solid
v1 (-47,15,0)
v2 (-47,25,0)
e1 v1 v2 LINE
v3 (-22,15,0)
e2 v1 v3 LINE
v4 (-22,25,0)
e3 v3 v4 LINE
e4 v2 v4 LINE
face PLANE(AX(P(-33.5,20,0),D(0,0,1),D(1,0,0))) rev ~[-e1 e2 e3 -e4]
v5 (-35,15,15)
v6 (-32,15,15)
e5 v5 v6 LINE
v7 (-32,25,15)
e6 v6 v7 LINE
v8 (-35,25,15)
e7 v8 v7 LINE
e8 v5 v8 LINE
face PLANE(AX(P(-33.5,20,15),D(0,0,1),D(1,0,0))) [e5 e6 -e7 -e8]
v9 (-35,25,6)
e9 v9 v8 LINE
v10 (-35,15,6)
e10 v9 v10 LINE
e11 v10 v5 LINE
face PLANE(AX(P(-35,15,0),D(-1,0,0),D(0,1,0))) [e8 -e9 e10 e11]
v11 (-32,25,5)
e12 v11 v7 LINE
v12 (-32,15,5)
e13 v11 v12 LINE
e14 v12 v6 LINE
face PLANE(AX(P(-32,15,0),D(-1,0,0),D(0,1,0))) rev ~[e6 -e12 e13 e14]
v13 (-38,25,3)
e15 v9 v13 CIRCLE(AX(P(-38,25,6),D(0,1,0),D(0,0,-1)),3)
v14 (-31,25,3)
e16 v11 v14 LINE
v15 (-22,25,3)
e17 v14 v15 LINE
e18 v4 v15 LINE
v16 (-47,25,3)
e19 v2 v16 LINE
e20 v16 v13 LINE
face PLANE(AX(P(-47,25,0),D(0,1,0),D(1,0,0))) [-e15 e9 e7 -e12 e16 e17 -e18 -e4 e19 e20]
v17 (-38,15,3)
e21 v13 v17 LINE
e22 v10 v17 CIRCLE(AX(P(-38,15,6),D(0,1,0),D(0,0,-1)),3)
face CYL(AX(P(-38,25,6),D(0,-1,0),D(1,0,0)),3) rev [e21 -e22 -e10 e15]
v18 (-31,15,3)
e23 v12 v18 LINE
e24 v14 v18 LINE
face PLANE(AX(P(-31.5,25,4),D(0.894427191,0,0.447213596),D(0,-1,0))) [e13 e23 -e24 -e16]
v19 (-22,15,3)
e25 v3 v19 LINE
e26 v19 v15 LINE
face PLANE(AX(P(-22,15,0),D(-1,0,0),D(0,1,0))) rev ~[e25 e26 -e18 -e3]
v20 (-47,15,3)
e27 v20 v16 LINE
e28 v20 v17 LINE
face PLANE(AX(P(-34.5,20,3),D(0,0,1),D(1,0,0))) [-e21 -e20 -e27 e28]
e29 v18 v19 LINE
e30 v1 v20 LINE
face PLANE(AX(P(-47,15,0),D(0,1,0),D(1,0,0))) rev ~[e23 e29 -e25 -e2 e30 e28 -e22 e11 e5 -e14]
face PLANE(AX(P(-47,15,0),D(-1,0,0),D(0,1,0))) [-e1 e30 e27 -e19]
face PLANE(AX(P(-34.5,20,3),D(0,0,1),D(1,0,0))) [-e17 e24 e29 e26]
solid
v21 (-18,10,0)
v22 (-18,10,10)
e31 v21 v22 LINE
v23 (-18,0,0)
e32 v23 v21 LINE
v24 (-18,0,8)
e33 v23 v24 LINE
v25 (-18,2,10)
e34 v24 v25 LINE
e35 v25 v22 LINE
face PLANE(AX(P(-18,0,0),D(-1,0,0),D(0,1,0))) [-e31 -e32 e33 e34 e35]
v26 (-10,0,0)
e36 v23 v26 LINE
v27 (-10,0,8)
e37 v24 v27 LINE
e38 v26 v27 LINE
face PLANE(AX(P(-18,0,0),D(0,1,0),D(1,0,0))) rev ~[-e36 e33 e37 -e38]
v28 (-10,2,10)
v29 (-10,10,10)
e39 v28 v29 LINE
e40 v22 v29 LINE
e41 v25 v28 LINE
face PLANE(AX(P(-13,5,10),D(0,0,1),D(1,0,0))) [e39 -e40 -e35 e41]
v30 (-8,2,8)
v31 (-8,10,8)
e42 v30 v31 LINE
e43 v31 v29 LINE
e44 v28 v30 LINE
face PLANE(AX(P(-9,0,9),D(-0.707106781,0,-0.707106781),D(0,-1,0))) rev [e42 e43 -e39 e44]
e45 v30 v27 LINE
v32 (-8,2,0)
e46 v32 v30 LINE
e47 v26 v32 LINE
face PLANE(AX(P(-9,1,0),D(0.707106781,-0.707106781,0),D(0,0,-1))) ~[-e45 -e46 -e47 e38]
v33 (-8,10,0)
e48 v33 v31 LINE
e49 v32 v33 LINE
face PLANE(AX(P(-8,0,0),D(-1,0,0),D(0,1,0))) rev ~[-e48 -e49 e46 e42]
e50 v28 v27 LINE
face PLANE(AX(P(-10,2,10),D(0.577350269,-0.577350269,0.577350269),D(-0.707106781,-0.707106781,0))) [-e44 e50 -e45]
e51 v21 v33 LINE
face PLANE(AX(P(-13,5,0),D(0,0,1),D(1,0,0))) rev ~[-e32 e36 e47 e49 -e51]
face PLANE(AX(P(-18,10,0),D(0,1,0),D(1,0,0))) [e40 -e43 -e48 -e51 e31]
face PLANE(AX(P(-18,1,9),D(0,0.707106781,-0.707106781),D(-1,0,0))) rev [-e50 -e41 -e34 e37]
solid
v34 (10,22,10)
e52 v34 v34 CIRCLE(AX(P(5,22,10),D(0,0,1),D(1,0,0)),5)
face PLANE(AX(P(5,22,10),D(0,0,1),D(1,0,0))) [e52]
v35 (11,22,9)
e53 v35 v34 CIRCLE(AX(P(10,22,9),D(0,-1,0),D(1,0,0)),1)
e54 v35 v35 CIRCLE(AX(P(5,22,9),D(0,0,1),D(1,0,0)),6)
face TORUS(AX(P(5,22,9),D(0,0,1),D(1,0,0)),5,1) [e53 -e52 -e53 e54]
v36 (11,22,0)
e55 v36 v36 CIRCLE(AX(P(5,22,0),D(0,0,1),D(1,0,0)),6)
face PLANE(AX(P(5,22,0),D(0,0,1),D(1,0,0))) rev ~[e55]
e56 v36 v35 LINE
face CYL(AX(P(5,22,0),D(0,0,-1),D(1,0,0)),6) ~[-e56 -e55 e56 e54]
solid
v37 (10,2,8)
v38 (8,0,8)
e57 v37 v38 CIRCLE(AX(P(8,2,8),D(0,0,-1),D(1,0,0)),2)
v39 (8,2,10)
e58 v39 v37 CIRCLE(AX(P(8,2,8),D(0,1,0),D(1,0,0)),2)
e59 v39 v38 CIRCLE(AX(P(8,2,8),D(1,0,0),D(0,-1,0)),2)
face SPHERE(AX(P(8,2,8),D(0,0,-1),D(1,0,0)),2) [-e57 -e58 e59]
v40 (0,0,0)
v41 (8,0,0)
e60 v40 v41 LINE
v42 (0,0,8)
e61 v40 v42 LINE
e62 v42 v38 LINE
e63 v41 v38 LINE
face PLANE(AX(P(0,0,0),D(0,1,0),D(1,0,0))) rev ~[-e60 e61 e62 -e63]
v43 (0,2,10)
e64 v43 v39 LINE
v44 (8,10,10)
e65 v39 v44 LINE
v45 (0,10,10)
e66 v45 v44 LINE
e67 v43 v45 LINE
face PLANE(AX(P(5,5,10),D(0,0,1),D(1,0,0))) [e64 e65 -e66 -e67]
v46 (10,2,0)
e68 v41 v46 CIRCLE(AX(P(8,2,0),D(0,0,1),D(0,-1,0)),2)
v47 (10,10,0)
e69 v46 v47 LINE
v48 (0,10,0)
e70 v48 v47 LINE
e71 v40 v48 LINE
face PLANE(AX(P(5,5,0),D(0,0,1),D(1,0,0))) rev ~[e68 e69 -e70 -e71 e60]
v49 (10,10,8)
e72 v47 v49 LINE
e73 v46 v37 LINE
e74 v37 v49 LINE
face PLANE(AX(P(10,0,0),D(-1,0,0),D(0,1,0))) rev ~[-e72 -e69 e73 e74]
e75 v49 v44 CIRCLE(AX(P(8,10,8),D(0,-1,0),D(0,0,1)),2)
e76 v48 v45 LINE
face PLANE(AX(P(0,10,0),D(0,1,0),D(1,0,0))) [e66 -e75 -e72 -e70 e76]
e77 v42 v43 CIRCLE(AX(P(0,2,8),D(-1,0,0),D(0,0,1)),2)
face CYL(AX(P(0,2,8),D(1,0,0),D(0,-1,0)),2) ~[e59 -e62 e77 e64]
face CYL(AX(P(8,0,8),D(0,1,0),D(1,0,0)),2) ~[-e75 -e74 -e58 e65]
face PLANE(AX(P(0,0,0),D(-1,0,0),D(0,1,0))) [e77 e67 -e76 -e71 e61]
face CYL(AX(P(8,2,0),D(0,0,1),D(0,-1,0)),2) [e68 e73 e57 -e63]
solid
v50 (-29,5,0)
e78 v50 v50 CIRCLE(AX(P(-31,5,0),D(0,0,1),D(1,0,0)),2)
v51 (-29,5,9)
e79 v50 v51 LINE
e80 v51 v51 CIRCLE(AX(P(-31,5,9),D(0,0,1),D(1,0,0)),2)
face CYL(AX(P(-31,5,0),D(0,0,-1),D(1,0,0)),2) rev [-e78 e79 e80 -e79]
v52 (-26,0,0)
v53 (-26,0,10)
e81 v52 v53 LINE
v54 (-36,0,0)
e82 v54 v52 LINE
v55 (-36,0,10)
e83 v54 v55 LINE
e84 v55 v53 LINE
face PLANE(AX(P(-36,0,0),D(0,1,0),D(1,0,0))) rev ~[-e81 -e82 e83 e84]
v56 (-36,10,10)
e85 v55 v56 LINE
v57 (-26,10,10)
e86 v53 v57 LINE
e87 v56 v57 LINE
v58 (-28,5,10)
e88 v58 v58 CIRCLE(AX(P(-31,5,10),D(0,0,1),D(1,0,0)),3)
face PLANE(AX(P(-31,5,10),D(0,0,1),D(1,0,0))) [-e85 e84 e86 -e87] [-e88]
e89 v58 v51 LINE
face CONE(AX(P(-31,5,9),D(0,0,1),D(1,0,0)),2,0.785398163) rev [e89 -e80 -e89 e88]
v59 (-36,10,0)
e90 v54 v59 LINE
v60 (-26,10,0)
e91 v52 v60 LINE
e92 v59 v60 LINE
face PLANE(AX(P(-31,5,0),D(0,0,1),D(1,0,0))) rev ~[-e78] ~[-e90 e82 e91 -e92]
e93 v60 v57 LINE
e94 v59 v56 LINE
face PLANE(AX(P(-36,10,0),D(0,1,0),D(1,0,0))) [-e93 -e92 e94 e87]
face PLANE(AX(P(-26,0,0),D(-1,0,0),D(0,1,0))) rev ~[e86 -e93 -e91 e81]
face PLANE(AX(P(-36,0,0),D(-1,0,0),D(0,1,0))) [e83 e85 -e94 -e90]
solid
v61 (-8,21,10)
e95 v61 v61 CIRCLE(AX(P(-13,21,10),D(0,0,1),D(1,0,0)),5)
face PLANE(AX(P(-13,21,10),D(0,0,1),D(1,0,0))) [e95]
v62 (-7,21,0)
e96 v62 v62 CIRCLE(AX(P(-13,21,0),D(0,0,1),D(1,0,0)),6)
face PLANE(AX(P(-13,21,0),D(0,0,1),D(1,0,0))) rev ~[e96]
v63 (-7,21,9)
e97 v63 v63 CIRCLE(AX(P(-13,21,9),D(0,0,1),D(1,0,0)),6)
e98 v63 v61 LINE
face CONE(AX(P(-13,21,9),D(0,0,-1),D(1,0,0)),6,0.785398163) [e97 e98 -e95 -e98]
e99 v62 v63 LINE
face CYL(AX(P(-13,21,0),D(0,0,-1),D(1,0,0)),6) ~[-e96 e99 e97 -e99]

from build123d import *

# Parameters (mm, degrees)
BOX_W             = 10
BOX_H             = 10
BOX_DEPTH         = 10
FILLET_R          = 2
BOX001_W          = 10
BOX001_H          = 10
BOX001_DEPTH      = 10
CHAMFER_SIZE      = 2
CYLINDER_R        = 2
CYLINDER_DEPTH    = 10
BOX002_W          = 10
BOX002_H          = 10
BOX002_DEPTH      = 10
CHAMFER001_SIZE   = 1
CYLINDER001_R     = 6
CYLINDER001_DEPTH = 10
FILLET001_R       = 1
CYLINDER002_R     = 6
CYLINDER002_DEPTH = 10
CHAMFER002_SIZE   = 1
BOX004_W          = 3
BOX004_H          = 10
BOX004_DEPTH      = 15
BOX003_W          = 25
BOX003_H          = 10
BOX003_DEPTH      = 3
CHAMFER003_SIZE2  = 1
CHAMFER003_SIZE   = 2
FILLET002_R       = 3


with BuildPart() as fillet_body:
    # Box → Box (new body)
    with BuildSketch(Plane.XY):
        with Locations((5, 5)):
            Rectangle(BOX_W, BOX_H)
    extrude(amount=BOX_DEPTH)

    # Fillet
    fillet_edges = [fillet_body.edges().sort_by_distance(p)[0] for p in [
        (10, 0, 5),
        (10, 5, 10),
        (5, 0, 10),
    ]]
    fillet(fillet_edges, radius=FILLET_R)


with BuildPart() as chamfer_body:
    # Box001 → Box001 (new body)
    with BuildSketch(Plane(origin=(-18, 0, 0), x_dir=(1, 0, 0), z_dir=(0, 0, 1))):
        with Locations((5, 5)):
            Rectangle(BOX001_W, BOX001_H)
    extrude(amount=BOX001_DEPTH)

    # Chamfer
    chamfer_edges = [chamfer_body.edges().sort_by_distance(p)[0] for p in [
        (-8, 0, 5),
        (-8, 5, 10),
        (-13, 0, 10),
    ]]
    chamfer(chamfer_edges, length=CHAMFER_SIZE)


with BuildPart() as cilindre:
    # Cylinder → Cylinder (new body)
    with BuildSketch(Plane(origin=(-31, 5, 0), x_dir=(1, 0, 0), z_dir=(0, 0, 1))):
        Circle(CYLINDER_R)
    extrude(amount=CYLINDER_DEPTH)


with BuildPart() as chamfer001:
    # Box002 → Box002 (new body)
    with BuildSketch(Plane(origin=(-36, 0, 0), x_dir=(1, 0, 0), z_dir=(0, 0, 1))):
        with Locations((5, 5)):
            Rectangle(BOX002_W, BOX002_H)
    extrude(amount=BOX002_DEPTH)

    # Cut: cut Cilindre
    add(cilindre.part, mode=Mode.SUBTRACT)

    # Chamfer001
    chamfer001_edges = [chamfer001.edges().sort_by_distance(p)[0] for p in [
        (-33, 5, 10),
    ]]
    chamfer(chamfer001_edges, length=CHAMFER001_SIZE)


with BuildPart() as fillet001:
    # Cylinder001 → Cylinder001 (new body)
    with BuildSketch(Plane(origin=(5, 22, 0), x_dir=(1, 0, 0), z_dir=(0, 0, 1))):
        Circle(CYLINDER001_R)
    extrude(amount=CYLINDER001_DEPTH)

    # Fillet001
    fillet001_edges = [fillet001.edges().sort_by_distance(p)[0] for p in [
        (-1, 22, 10),
    ]]
    fillet(fillet001_edges, radius=FILLET001_R)


with BuildPart() as chamfer002:
    # Cylinder002 → Cylinder002 (new body)
    with BuildSketch(Plane(origin=(-13, 21, 0), x_dir=(1, 0, 0), z_dir=(0, 0, 1))):
        Circle(CYLINDER002_R)
    extrude(amount=CYLINDER002_DEPTH)

    # Chamfer002
    chamfer002_edges = [chamfer002.edges().sort_by_distance(p)[0] for p in [
        (-19, 21, 10),
    ]]
    chamfer(chamfer002_edges, length=CHAMFER002_SIZE)


with BuildPart() as cub004:
    # Box004 → Box004 (new body)
    with BuildSketch(Plane(origin=(-35, 15, 0), x_dir=(1, 0, 0), z_dir=(0, 0, 1))):
        with Locations((1.5, 5)):
            Rectangle(BOX004_W, BOX004_H)
    extrude(amount=BOX004_DEPTH)


with BuildPart() as fillet002:
    # Box003 → Box003 (new body)
    with BuildSketch(Plane(origin=(-47, 15, 0), x_dir=(1, 0, 0), z_dir=(0, 0, 1))):
        with Locations((12.5, 5)):
            Rectangle(BOX003_W, BOX003_H)
    extrude(amount=BOX003_DEPTH)

    # Fusion: union Cub004
    add(cub004.part)

    # Chamfer003
    chamfer003_edges = [fillet002.edges().sort_by_distance(p)[0] for p in [
        (-32, 20, 3),
    ]]
    chamfer003_side = fillet002.faces().sort_by_distance((-32, 20, 9))[0]
    chamfer(chamfer003_edges, length=CHAMFER003_SIZE, length2=CHAMFER003_SIZE2, reference=chamfer003_side)

    # Fillet002
    fillet002_edges = [fillet002.edges().sort_by_distance(p)[0] for p in [
        (-35, 20, 3),
    ]]
    fillet(fillet002_edges, radius=FILLET002_R)


solid = Compound([fillet_body.part, chamfer_body.part, chamfer001.part, fillet001.part, chamfer002.part, fillet002.part])
